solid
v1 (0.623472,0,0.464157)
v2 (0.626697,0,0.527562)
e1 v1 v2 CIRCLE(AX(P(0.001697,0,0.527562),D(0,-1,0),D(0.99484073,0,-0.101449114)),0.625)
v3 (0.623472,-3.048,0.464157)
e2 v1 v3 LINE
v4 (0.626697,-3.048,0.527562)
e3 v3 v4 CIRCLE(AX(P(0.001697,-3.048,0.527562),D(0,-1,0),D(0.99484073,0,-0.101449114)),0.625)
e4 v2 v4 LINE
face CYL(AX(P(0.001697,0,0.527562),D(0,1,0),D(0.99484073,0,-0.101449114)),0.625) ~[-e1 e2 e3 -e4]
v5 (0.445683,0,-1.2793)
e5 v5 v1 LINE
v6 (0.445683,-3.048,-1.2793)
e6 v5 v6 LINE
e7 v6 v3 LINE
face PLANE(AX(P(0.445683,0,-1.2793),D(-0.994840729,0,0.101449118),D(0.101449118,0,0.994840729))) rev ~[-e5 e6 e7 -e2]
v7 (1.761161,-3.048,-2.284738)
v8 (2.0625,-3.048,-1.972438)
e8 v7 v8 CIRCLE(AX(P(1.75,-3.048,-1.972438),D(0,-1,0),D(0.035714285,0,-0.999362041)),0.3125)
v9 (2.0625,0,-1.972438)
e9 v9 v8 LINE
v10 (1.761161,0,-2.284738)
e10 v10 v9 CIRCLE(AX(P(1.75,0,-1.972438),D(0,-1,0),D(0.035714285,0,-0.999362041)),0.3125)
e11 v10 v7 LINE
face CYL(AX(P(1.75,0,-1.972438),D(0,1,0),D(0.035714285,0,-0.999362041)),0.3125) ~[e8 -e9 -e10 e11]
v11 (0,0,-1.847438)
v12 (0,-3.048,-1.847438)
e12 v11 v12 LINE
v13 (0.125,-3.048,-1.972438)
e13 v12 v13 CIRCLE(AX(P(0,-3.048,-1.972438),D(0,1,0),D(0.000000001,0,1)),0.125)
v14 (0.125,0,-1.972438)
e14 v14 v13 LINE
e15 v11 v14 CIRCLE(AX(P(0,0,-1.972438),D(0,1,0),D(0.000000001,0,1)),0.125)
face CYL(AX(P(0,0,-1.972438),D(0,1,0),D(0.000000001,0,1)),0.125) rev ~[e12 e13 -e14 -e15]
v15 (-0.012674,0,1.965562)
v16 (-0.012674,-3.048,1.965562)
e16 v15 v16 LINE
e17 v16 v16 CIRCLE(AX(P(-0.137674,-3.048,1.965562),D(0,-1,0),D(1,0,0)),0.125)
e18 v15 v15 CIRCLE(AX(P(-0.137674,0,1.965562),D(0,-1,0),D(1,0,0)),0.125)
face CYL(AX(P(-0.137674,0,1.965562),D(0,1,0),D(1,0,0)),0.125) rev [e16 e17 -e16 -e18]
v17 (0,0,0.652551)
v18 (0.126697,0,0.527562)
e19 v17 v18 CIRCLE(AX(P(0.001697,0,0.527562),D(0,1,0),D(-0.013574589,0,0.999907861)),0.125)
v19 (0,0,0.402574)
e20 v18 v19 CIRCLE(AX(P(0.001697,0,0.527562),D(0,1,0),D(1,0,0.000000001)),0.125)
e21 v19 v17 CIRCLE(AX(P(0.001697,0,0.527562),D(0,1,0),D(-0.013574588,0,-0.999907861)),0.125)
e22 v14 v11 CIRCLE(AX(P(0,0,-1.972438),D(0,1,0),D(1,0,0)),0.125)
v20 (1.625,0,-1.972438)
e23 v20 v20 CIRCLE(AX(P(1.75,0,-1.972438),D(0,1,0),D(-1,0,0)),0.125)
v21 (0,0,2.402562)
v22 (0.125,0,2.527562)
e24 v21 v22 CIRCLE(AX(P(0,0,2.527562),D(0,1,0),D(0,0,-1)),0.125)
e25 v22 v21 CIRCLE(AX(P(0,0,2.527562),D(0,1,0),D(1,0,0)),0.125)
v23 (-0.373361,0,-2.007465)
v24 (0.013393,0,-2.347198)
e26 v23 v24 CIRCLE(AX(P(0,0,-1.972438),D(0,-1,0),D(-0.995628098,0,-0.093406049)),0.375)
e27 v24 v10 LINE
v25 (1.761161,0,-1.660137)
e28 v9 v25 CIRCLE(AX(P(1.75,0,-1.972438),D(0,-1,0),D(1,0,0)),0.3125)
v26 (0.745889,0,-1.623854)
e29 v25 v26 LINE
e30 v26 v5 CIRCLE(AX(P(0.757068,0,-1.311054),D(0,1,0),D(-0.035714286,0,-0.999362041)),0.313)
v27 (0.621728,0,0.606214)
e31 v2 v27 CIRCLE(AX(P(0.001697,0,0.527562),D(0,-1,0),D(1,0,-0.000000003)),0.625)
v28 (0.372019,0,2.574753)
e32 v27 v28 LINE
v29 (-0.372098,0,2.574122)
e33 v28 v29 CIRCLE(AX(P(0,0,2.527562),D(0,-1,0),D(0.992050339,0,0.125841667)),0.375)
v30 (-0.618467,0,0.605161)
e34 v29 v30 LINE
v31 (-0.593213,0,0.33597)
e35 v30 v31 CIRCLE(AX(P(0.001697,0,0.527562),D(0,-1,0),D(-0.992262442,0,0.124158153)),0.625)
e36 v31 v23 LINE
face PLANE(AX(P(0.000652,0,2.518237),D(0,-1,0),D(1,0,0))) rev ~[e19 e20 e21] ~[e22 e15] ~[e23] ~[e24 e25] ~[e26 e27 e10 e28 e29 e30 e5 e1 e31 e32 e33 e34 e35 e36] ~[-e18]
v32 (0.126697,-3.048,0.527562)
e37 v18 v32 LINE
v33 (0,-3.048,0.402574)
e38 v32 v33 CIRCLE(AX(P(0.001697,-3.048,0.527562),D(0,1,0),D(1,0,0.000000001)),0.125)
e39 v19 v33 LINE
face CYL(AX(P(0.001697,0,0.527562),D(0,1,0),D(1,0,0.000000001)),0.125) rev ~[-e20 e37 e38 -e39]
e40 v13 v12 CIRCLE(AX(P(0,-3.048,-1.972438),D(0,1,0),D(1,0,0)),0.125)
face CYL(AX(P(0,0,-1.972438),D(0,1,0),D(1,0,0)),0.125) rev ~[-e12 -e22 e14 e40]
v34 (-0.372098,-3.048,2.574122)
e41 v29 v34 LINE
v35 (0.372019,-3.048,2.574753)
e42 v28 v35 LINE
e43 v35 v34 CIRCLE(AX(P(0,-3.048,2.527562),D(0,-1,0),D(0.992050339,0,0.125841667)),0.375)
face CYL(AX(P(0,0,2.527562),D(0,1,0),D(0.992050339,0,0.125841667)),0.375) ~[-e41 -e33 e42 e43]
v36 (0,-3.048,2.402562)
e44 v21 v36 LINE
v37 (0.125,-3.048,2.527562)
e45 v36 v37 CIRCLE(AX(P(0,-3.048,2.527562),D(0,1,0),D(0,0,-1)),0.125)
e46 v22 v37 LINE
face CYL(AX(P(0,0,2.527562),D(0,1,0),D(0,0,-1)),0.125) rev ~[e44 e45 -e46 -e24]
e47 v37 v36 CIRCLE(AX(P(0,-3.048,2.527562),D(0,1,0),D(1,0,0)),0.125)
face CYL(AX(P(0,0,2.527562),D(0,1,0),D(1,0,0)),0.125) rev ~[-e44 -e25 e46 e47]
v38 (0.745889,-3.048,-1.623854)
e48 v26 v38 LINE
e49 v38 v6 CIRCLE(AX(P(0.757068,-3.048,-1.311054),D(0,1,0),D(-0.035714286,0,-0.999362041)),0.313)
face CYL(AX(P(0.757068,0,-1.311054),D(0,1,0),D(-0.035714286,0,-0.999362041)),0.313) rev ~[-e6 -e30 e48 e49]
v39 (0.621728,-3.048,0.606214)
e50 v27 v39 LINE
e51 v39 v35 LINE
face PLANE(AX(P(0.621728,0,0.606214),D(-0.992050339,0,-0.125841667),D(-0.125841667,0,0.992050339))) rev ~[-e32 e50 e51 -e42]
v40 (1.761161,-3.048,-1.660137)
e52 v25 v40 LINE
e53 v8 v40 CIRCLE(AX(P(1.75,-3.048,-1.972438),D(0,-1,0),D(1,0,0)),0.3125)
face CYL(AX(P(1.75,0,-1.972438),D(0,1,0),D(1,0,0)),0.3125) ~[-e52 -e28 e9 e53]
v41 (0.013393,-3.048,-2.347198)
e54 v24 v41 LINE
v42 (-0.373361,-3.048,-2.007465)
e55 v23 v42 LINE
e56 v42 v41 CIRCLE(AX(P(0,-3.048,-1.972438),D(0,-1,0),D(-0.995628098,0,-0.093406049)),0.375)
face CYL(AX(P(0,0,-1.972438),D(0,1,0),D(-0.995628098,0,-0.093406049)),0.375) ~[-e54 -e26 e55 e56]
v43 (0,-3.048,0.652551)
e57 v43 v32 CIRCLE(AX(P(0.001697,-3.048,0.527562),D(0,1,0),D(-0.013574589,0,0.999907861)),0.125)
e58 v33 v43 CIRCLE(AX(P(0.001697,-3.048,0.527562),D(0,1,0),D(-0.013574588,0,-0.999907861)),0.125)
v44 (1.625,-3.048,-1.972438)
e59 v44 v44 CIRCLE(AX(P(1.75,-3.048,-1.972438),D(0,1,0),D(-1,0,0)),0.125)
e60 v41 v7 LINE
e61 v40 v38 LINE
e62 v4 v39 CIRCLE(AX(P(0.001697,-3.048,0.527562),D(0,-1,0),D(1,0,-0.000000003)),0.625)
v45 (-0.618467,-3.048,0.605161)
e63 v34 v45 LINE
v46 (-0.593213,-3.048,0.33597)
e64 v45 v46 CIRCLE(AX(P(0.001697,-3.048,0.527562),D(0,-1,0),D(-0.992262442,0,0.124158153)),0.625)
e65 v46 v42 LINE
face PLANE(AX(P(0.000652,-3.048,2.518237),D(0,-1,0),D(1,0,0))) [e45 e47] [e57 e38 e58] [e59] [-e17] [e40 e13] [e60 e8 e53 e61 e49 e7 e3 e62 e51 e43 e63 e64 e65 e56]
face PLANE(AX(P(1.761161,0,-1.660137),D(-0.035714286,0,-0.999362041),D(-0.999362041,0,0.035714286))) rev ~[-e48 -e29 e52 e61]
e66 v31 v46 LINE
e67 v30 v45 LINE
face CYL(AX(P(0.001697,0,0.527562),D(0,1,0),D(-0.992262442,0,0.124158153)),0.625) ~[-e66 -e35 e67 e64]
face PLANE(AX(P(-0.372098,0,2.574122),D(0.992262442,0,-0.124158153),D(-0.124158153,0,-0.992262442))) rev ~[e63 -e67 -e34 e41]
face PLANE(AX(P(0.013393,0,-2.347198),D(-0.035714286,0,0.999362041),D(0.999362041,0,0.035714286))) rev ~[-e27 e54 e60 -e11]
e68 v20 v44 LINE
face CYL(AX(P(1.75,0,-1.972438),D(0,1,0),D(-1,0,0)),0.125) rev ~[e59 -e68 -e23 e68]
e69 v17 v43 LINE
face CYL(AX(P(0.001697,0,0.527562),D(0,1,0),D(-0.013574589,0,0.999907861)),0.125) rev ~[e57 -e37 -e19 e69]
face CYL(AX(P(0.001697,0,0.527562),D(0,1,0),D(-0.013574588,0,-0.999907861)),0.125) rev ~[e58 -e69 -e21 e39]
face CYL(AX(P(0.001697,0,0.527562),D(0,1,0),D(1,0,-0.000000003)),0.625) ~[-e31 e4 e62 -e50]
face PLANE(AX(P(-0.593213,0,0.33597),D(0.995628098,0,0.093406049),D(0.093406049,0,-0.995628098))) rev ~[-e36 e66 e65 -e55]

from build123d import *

# Parameters (mm, degrees)
F0_R     = 0.125
F1_DEPTH = 3.048


with BuildPart() as f1:
    # F0 (on Front) → F1 (new body)
    with BuildSketch(Plane.XZ):
        with BuildLine():
            ThreePointArc((-0.3720984156, 2.5741217785), (-0.2811447494, 2.2794039939), (0, 2.1525624712))
            ThreePointArc((0, 2.1525624712), (0.2651650429, 2.2623974283), (0.375, 2.5275624712))
            ThreePointArc((0.375, 2.5275624712), (0.3742539772, 2.5512048177), (0.3720188771, 2.5747530964))
            ThreePointArc((0.3720188771, 2.5747530964), (-0.0003181543, 2.9025623362), (-0.3720984156, 2.5741217785))
        make_face()
        with BuildLine():
            ThreePointArc((0.125, 2.5275624712), (0.0883883476, 2.4391741235), (0, 2.4025624712))
            ThreePointArc((0, 2.4025624712), (-0.0883883476, 2.6159508188), (0.125, 2.5275624712))
        make_face(mode=Mode.SUBTRACT)
        with BuildLine():
            ThreePointArc((0.375, 2.5275624712), (0.2651650429, 2.2623974283), (0, 2.1525624712))
            Line((0, 2.1525624712), (0, 1.1525601678))
            ThreePointArc((0, 1.1525601678), (0.4142596657, 0.997048255), (0.6217282856, 0.6062135107))
            Line((0.6217282856, 0.6062135107), (0.3720188771, 2.5747530964))
            ThreePointArc((0.3720188771, 2.5747530964), (0.3742539772, 2.5512048177), (0.375, 2.5275624712))
        make_face()
        with BuildLine():
            Line((0, 1.1525601678), (0, 2.1525624712))
            ThreePointArc((0, 2.1525624712), (-0.2811447494, 2.2794039939), (-0.3720984156, 2.5741217785))
            Line((-0.3720984156, 2.5741217785), (-0.6184672025, 0.6051613167))
            ThreePointArc((-0.6184672025, 0.6051613167), (-0.4125363289, 0.9955751798), (0, 1.1525601678))
        make_face()
        with Locations((-0.1376738655, 1.9655624712)):
            Circle(F0_R, mode=Mode.SUBTRACT)
        with BuildLine():
            ThreePointArc((0.6217282856, 0.6062135107), (0.4142596657, 0.997048255), (0, 1.1525601678))
            Line((0, 1.1525601678), (0, 0.6525509538))
            ThreePointArc((0, 0.6525509538), (0.0894832036, 0.6165487144), (0.1266968235, 0.5275624712))
            ThreePointArc((0.1266968235, 0.5275624712), (0.0894832036, 0.438576228), (0, 0.4025739886))
            Line((0, 0.4025739886), (0, -0.0974352254))
            ThreePointArc((0, -0.0974352254), (0.4199918999, 0.0631766089), (0.6234722794, 0.4641567736))
            ThreePointArc((0.6234722794, 0.4641567736), (0.6258901669, 0.4958186522), (0.6266968235, 0.5275624712))
            ThreePointArc((0.6266968235, 0.5275624712), (0.6254534523, 0.5669663808), (0.6217282856, 0.6062135107))
        make_face()
        with BuildLine():
            Line((0, 0.6525509538), (0, 1.1525601678))
            ThreePointArc((0, 1.1525601678), (-0.4125363289, 0.9955751798), (-0.6184672025, 0.6051613167))
            Line((-0.6184672025, 0.6051613167), (-0.5932126984, 0.3359700373))
            ThreePointArc((-0.5932126984, 0.3359700373), (-0.3670101242, 0.022903986), (0, -0.0974352254))
            Line((0, -0.0974352254), (0, 0.4025739886))
            ThreePointArc((0, 0.4025739886), (-0.1233031765, 0.5275624712), (0, 0.6525509538))
        make_face()
        with BuildLine():
            Line((-0.5932126984, 0.3359700373), (-0.6184672025, 0.6051613167))
            ThreePointArc((-0.6184672025, 0.6051613167), (-0.6205707379, 0.4691836904), (-0.5932126984, 0.3359700373))
        make_face()
        with BuildLine():
            ThreePointArc((0, -0.0974352254), (-0.3670101242, 0.022903986), (-0.5932126984, 0.3359700373))
            Line((-0.5932126984, 0.3359700373), (-0.3733605368, -2.0074647973))
            ThreePointArc((-0.3733605368, -2.0074647973), (-0.2772726327, -1.7199600305), (0, -1.5974375288))
            Line((0, -1.5974375288), (0, -0.0974352254))
        make_face()
        with BuildLine():
            ThreePointArc((0.6234722794, 0.4641567736), (0.4199918999, 0.0631766089), (0, -0.0974352254))
            Line((0, -0.0974352254), (0, -1.5974375288))
            ThreePointArc((0, -1.5974375288), (0.2651650429, -1.7072724859), (0.375, -1.9724375288))
            Line((0.375, -1.9724375288), (1.4375, -1.9724375288))
            ThreePointArc((1.4375, -1.9724375288), (1.5330109141, -1.7475553672), (1.7611607143, -1.6601368909))
            Line((1.7611607143, -1.6601368909), (0.7458894235, -1.623854055))
            ThreePointArc((0.7458894235, -1.623854055), (0.5210781972, -1.5166694343), (0.4456828467, -1.279300162))
            Line((0.4456828467, -1.279300162), (0.6234722794, 0.4641567736))
        make_face()
        with BuildLine():
            ThreePointArc((0, -1.5974375288), (-0.2772726327, -1.7199600305), (-0.3733605368, -2.0074647973))
            ThreePointArc((-0.3733605368, -2.0074647973), (-0.24748514, -2.2541751825), (0.0133928591, -2.3471982943))
            ThreePointArc((0.0133928591, -2.3471982943), (0.2698585946, -2.2328244312), (0.375, -1.9724375288))
            Line((0.375, -1.9724375288), (0.125, -1.9724375288))
            ThreePointArc((0.125, -1.9724375288), (-0.0883883476, -2.0608258765), (0, -1.8474375288))
            Line((0, -1.8474375288), (0, -1.5974375288))
        make_face()
        with BuildLine():
            ThreePointArc((0.375, -1.9724375288), (0.2698585946, -2.2328244312), (0.0133928591, -2.3471982943))
            Line((0.0133928591, -2.3471982943), (1.7611607143, -2.2847381667))
            ThreePointArc((1.7611607143, -2.2847381667), (1.5330109141, -2.1973196904), (1.4375, -1.9724375288))
            Line((1.4375, -1.9724375288), (0.375, -1.9724375288))
        make_face()
        with BuildLine():
            ThreePointArc((1.4375, -1.9724375288), (1.5330109141, -2.1973196904), (1.7611607143, -2.2847381667))
            ThreePointArc((1.7611607143, -2.2847381667), (1.9748821616, -2.1894266147), (2.0625, -1.9724375288))
            ThreePointArc((2.0625, -1.9724375288), (1.9748821616, -1.7554484429), (1.7611607143, -1.6601368909))
            ThreePointArc((1.7611607143, -1.6601368909), (1.5330109141, -1.7475553672), (1.4375, -1.9724375288))
        make_face()
        with BuildLine():
            ThreePointArc((1.875, -1.9724375288), (1.75, -2.0974375288), (1.625, -1.9724375288))
            ThreePointArc((1.625, -1.9724375288), (1.75, -1.8474375288), (1.875, -1.9724375288))
        make_face(mode=Mode.SUBTRACT)
        with BuildLine():
            ThreePointArc((0.375, -1.9724375288), (0.2651650429, -1.7072724859), (0, -1.5974375288))
            Line((0, -1.5974375288), (0, -1.8474375288))
            ThreePointArc((0, -1.8474375288), (0.0883883476, -1.8840491812), (0.125, -1.9724375288))
            Line((0.125, -1.9724375288), (0.375, -1.9724375288))
        make_face()
    extrude(amount=F1_DEPTH)


solid = f1.part
